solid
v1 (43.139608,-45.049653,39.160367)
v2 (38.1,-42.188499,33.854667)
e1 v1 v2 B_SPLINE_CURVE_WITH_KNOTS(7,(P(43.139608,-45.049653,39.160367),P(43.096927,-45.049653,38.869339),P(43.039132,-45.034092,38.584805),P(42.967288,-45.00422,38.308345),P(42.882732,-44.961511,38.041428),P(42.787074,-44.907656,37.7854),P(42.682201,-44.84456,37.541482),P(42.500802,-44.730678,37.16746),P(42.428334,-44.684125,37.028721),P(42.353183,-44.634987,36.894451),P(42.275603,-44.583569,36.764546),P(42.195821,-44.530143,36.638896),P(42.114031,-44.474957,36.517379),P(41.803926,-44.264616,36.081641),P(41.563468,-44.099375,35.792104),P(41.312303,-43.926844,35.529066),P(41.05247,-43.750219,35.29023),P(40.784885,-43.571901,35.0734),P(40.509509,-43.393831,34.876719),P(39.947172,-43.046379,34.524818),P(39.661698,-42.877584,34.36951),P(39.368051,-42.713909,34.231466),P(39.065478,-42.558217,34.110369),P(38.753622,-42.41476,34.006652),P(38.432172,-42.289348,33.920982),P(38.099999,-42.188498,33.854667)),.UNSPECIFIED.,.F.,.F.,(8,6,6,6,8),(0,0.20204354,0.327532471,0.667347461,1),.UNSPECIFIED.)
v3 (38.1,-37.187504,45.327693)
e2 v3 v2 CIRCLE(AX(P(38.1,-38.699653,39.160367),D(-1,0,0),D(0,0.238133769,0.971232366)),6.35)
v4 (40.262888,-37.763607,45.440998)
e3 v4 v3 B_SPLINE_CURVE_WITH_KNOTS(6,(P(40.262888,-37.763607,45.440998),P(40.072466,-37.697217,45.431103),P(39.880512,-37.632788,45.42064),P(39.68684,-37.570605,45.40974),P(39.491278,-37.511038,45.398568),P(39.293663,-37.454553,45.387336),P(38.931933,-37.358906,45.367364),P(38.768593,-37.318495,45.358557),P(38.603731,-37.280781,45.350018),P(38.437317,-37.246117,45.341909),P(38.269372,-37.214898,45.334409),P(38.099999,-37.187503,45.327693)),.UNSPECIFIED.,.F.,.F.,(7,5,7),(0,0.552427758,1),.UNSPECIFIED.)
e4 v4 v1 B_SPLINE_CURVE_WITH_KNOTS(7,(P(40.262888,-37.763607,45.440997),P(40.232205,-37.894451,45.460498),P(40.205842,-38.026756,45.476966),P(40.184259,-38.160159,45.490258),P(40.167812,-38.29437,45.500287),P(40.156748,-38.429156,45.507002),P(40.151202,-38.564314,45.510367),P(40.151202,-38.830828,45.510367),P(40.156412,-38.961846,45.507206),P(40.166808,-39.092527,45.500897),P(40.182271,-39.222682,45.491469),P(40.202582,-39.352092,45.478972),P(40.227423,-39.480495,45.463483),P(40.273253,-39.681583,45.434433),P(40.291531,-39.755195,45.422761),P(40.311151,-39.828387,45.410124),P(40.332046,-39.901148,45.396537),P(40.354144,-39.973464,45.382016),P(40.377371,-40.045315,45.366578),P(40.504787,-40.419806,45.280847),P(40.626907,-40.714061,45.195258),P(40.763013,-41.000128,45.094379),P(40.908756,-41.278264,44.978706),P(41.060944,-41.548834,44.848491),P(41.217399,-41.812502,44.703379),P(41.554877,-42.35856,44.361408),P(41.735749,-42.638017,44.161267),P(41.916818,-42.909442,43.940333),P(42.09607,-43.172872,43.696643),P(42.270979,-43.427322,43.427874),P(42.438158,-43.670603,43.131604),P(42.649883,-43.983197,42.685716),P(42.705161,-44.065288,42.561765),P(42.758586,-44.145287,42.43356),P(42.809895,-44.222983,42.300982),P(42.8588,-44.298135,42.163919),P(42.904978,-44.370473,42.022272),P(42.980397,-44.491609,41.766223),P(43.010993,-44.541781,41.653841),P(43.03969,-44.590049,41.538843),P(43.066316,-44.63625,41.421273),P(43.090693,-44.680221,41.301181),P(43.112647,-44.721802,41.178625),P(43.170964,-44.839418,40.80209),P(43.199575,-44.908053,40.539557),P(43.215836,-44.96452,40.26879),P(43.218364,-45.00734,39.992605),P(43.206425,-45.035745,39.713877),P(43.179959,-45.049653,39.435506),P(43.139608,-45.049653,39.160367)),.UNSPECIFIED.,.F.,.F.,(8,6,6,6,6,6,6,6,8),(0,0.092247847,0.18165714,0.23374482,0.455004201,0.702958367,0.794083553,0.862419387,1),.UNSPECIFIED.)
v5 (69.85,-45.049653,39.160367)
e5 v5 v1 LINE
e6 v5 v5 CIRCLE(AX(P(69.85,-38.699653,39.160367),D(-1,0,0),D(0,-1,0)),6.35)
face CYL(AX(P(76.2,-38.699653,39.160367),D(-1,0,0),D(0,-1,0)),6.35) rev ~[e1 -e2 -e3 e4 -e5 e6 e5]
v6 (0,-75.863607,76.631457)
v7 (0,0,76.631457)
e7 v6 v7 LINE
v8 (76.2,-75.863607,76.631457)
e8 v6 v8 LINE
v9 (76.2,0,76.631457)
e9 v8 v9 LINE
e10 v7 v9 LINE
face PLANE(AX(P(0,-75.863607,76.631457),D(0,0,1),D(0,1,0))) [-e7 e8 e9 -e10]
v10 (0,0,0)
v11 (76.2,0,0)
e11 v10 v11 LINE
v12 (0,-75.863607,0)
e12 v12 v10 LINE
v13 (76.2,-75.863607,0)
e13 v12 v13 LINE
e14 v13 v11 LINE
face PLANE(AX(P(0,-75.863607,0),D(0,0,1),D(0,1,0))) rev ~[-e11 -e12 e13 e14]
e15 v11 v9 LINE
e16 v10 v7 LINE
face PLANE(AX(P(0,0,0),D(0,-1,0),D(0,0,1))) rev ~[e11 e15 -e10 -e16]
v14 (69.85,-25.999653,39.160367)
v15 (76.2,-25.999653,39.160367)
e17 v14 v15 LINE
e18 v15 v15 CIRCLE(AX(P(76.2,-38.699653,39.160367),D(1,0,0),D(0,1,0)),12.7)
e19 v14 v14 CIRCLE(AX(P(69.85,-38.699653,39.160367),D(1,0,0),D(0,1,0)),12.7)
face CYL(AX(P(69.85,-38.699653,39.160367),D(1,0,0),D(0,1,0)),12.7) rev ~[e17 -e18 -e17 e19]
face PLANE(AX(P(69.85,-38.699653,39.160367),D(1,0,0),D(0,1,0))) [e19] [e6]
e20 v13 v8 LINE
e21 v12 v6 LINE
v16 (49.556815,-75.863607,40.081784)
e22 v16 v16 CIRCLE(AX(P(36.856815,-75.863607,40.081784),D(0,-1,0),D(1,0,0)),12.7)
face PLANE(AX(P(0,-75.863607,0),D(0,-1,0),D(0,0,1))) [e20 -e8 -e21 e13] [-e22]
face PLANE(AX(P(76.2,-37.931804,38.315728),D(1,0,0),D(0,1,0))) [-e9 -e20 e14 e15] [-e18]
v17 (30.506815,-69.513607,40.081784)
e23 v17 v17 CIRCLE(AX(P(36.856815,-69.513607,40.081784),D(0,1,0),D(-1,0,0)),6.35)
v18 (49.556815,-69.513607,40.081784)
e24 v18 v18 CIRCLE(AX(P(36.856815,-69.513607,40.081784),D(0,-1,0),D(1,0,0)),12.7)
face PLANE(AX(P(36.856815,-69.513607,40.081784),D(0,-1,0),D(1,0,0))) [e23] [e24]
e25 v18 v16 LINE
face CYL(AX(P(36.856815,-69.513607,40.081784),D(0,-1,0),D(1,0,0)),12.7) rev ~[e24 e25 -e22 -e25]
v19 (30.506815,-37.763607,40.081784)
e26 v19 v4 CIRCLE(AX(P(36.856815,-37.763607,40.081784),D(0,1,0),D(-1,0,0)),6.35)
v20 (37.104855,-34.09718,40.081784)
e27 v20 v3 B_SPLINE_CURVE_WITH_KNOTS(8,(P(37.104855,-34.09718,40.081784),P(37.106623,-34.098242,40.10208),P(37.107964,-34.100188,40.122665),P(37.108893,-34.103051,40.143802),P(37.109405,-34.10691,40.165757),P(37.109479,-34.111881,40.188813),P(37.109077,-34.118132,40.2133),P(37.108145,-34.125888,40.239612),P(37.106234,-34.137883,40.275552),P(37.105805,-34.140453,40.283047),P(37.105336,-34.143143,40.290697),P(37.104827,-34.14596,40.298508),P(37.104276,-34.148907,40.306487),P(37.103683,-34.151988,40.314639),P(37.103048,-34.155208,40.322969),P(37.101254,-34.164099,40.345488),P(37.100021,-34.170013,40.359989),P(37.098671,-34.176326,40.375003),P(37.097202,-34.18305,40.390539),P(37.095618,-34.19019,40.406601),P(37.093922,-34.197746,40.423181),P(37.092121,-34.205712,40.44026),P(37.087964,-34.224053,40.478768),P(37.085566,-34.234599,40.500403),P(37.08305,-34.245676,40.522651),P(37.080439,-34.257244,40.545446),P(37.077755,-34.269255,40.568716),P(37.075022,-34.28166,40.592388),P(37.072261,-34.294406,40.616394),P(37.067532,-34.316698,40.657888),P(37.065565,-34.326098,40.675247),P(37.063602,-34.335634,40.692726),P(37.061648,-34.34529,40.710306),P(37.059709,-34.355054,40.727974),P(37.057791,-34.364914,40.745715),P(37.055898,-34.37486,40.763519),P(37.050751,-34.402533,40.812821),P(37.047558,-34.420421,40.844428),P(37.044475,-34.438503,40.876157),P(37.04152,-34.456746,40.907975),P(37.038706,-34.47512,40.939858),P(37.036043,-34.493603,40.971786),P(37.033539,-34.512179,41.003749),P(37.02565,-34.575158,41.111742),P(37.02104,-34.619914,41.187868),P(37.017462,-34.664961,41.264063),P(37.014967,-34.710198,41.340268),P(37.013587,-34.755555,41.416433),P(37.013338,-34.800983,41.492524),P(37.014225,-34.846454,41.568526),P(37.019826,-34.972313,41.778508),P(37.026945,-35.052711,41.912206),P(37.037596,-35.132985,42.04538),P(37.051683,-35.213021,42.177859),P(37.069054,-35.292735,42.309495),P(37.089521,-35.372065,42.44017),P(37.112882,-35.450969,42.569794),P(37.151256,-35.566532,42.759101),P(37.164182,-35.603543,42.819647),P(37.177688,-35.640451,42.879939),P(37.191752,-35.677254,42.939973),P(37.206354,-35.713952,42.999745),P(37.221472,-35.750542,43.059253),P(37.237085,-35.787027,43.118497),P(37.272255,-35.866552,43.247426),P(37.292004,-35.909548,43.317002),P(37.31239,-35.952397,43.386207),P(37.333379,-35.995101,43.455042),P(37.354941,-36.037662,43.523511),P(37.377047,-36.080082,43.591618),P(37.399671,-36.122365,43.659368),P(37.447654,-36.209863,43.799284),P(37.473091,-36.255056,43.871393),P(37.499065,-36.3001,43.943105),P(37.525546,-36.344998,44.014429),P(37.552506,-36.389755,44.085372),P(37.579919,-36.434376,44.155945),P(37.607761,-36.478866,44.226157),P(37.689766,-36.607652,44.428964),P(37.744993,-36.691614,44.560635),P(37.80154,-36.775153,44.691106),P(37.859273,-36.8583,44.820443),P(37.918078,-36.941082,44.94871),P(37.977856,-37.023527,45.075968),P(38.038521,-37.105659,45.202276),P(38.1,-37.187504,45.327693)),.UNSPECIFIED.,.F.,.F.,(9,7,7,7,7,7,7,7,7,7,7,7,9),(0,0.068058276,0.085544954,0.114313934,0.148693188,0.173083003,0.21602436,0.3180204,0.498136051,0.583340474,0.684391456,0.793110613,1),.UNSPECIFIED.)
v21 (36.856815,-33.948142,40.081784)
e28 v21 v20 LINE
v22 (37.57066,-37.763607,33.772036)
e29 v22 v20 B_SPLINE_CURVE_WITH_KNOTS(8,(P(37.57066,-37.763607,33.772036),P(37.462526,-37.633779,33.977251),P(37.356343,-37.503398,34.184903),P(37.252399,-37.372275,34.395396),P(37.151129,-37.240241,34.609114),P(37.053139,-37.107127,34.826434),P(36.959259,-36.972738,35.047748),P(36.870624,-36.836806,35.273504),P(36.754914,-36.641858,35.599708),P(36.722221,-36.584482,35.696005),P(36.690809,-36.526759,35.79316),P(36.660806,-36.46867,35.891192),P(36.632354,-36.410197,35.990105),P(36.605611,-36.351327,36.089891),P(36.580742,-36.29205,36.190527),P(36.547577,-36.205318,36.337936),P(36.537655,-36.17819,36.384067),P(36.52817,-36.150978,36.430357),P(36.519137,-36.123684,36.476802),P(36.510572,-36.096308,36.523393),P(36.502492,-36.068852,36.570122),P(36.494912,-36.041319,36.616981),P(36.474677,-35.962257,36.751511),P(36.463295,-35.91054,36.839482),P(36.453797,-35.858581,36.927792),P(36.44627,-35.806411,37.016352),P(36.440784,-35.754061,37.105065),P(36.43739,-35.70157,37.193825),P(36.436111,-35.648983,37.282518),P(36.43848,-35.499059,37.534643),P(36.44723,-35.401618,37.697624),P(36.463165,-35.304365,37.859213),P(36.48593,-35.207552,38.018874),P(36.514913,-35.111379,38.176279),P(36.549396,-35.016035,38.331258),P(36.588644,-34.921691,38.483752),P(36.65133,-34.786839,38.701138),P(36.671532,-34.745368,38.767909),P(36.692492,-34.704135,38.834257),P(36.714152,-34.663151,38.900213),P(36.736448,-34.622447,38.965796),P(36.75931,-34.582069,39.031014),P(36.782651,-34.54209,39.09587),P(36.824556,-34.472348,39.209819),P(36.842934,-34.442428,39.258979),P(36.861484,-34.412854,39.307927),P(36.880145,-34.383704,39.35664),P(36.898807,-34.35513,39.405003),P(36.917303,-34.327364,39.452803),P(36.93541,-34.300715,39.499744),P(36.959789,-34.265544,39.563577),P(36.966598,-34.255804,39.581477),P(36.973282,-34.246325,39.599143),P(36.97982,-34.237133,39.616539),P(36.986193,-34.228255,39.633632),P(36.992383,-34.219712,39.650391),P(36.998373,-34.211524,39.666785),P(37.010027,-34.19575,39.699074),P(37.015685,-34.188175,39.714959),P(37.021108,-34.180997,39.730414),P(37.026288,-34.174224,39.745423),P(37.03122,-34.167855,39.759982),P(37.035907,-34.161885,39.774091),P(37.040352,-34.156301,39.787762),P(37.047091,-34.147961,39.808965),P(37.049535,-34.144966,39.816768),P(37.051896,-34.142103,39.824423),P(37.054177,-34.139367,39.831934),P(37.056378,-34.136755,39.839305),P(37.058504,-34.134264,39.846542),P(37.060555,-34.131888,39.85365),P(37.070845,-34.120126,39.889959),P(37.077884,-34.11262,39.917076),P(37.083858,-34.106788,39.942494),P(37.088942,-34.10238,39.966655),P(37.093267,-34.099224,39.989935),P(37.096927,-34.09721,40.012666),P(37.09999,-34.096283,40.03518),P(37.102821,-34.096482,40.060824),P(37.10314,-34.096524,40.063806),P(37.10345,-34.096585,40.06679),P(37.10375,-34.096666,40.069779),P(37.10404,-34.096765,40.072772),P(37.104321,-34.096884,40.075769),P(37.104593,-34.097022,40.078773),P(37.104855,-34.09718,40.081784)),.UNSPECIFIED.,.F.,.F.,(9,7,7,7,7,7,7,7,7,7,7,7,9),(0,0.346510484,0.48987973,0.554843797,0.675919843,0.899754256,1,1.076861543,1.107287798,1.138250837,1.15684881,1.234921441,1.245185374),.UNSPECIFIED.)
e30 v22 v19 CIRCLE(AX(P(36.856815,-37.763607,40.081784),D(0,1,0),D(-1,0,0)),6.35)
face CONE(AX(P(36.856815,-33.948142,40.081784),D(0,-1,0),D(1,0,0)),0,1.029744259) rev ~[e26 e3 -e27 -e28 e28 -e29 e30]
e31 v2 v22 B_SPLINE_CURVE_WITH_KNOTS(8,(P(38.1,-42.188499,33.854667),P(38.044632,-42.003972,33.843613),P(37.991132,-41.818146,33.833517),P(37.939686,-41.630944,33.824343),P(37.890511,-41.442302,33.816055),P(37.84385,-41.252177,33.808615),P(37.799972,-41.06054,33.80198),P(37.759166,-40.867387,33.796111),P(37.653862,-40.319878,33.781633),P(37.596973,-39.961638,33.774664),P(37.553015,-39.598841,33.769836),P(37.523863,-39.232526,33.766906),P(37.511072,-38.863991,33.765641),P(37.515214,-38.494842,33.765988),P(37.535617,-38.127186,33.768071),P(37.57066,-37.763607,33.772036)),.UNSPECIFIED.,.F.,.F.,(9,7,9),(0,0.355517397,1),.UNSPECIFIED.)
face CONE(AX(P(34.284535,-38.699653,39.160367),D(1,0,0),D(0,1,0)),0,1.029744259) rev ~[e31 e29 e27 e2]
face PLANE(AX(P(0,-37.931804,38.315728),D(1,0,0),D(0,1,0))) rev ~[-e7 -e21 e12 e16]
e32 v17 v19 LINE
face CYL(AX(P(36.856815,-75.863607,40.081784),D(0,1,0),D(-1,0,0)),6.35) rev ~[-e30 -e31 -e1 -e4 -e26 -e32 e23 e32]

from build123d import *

# Parameters (mm, degrees)
F0_W           = 75.8636072278
F0_H           = 76.6314566135
F1_DEPTH       = 76.2
F3_D           = 12.7
F3_DEPTH       = 38.1
F3_CBORE_D     = 25.4
F3_CBORE_DEPTH = 6.35
F3_TIP         = 3.8154649308
F5_D           = 12.7
F5_DEPTH       = 38.1
F5_CBORE_D     = 25.4
F5_CBORE_DEPTH = 6.35
F5_TIP         = 3.8154649308


with BuildPart() as f1:
    # F0 (on Right) → F1 (new body)
    with BuildSketch(Plane.YZ):
        with Locations((-37.9318036139, 38.3157283068)):
            Rectangle(F0_W, F0_H)
    extrude(amount=F1_DEPTH)

    # F3
    with Locations(Plane.XZ.offset(75.8636072278)):
        with Locations((36.8568152189, 40.0817841291)):
            CounterBoreHole(F3_D / 2, F3_CBORE_D / 2, F3_CBORE_DEPTH, depth=F3_DEPTH)
            with Locations((0, 0, -(F3_DEPTH + F3_TIP / 2))):  # 118° drill point
                Cone(0, F3_D / 2, F3_TIP, mode=Mode.SUBTRACT)

    # F5
    with Locations(Plane.YZ.offset(76.2)):
        with Locations((-38.6996529996, 39.1603671014)):
            CounterBoreHole(F5_D / 2, F5_CBORE_D / 2, F5_CBORE_DEPTH, depth=F5_DEPTH)
            with Locations((0, 0, -(F5_DEPTH + F5_TIP / 2))):  # 118° drill point
                Cone(0, F5_D / 2, F5_TIP, mode=Mode.SUBTRACT)


solid = f1.part
